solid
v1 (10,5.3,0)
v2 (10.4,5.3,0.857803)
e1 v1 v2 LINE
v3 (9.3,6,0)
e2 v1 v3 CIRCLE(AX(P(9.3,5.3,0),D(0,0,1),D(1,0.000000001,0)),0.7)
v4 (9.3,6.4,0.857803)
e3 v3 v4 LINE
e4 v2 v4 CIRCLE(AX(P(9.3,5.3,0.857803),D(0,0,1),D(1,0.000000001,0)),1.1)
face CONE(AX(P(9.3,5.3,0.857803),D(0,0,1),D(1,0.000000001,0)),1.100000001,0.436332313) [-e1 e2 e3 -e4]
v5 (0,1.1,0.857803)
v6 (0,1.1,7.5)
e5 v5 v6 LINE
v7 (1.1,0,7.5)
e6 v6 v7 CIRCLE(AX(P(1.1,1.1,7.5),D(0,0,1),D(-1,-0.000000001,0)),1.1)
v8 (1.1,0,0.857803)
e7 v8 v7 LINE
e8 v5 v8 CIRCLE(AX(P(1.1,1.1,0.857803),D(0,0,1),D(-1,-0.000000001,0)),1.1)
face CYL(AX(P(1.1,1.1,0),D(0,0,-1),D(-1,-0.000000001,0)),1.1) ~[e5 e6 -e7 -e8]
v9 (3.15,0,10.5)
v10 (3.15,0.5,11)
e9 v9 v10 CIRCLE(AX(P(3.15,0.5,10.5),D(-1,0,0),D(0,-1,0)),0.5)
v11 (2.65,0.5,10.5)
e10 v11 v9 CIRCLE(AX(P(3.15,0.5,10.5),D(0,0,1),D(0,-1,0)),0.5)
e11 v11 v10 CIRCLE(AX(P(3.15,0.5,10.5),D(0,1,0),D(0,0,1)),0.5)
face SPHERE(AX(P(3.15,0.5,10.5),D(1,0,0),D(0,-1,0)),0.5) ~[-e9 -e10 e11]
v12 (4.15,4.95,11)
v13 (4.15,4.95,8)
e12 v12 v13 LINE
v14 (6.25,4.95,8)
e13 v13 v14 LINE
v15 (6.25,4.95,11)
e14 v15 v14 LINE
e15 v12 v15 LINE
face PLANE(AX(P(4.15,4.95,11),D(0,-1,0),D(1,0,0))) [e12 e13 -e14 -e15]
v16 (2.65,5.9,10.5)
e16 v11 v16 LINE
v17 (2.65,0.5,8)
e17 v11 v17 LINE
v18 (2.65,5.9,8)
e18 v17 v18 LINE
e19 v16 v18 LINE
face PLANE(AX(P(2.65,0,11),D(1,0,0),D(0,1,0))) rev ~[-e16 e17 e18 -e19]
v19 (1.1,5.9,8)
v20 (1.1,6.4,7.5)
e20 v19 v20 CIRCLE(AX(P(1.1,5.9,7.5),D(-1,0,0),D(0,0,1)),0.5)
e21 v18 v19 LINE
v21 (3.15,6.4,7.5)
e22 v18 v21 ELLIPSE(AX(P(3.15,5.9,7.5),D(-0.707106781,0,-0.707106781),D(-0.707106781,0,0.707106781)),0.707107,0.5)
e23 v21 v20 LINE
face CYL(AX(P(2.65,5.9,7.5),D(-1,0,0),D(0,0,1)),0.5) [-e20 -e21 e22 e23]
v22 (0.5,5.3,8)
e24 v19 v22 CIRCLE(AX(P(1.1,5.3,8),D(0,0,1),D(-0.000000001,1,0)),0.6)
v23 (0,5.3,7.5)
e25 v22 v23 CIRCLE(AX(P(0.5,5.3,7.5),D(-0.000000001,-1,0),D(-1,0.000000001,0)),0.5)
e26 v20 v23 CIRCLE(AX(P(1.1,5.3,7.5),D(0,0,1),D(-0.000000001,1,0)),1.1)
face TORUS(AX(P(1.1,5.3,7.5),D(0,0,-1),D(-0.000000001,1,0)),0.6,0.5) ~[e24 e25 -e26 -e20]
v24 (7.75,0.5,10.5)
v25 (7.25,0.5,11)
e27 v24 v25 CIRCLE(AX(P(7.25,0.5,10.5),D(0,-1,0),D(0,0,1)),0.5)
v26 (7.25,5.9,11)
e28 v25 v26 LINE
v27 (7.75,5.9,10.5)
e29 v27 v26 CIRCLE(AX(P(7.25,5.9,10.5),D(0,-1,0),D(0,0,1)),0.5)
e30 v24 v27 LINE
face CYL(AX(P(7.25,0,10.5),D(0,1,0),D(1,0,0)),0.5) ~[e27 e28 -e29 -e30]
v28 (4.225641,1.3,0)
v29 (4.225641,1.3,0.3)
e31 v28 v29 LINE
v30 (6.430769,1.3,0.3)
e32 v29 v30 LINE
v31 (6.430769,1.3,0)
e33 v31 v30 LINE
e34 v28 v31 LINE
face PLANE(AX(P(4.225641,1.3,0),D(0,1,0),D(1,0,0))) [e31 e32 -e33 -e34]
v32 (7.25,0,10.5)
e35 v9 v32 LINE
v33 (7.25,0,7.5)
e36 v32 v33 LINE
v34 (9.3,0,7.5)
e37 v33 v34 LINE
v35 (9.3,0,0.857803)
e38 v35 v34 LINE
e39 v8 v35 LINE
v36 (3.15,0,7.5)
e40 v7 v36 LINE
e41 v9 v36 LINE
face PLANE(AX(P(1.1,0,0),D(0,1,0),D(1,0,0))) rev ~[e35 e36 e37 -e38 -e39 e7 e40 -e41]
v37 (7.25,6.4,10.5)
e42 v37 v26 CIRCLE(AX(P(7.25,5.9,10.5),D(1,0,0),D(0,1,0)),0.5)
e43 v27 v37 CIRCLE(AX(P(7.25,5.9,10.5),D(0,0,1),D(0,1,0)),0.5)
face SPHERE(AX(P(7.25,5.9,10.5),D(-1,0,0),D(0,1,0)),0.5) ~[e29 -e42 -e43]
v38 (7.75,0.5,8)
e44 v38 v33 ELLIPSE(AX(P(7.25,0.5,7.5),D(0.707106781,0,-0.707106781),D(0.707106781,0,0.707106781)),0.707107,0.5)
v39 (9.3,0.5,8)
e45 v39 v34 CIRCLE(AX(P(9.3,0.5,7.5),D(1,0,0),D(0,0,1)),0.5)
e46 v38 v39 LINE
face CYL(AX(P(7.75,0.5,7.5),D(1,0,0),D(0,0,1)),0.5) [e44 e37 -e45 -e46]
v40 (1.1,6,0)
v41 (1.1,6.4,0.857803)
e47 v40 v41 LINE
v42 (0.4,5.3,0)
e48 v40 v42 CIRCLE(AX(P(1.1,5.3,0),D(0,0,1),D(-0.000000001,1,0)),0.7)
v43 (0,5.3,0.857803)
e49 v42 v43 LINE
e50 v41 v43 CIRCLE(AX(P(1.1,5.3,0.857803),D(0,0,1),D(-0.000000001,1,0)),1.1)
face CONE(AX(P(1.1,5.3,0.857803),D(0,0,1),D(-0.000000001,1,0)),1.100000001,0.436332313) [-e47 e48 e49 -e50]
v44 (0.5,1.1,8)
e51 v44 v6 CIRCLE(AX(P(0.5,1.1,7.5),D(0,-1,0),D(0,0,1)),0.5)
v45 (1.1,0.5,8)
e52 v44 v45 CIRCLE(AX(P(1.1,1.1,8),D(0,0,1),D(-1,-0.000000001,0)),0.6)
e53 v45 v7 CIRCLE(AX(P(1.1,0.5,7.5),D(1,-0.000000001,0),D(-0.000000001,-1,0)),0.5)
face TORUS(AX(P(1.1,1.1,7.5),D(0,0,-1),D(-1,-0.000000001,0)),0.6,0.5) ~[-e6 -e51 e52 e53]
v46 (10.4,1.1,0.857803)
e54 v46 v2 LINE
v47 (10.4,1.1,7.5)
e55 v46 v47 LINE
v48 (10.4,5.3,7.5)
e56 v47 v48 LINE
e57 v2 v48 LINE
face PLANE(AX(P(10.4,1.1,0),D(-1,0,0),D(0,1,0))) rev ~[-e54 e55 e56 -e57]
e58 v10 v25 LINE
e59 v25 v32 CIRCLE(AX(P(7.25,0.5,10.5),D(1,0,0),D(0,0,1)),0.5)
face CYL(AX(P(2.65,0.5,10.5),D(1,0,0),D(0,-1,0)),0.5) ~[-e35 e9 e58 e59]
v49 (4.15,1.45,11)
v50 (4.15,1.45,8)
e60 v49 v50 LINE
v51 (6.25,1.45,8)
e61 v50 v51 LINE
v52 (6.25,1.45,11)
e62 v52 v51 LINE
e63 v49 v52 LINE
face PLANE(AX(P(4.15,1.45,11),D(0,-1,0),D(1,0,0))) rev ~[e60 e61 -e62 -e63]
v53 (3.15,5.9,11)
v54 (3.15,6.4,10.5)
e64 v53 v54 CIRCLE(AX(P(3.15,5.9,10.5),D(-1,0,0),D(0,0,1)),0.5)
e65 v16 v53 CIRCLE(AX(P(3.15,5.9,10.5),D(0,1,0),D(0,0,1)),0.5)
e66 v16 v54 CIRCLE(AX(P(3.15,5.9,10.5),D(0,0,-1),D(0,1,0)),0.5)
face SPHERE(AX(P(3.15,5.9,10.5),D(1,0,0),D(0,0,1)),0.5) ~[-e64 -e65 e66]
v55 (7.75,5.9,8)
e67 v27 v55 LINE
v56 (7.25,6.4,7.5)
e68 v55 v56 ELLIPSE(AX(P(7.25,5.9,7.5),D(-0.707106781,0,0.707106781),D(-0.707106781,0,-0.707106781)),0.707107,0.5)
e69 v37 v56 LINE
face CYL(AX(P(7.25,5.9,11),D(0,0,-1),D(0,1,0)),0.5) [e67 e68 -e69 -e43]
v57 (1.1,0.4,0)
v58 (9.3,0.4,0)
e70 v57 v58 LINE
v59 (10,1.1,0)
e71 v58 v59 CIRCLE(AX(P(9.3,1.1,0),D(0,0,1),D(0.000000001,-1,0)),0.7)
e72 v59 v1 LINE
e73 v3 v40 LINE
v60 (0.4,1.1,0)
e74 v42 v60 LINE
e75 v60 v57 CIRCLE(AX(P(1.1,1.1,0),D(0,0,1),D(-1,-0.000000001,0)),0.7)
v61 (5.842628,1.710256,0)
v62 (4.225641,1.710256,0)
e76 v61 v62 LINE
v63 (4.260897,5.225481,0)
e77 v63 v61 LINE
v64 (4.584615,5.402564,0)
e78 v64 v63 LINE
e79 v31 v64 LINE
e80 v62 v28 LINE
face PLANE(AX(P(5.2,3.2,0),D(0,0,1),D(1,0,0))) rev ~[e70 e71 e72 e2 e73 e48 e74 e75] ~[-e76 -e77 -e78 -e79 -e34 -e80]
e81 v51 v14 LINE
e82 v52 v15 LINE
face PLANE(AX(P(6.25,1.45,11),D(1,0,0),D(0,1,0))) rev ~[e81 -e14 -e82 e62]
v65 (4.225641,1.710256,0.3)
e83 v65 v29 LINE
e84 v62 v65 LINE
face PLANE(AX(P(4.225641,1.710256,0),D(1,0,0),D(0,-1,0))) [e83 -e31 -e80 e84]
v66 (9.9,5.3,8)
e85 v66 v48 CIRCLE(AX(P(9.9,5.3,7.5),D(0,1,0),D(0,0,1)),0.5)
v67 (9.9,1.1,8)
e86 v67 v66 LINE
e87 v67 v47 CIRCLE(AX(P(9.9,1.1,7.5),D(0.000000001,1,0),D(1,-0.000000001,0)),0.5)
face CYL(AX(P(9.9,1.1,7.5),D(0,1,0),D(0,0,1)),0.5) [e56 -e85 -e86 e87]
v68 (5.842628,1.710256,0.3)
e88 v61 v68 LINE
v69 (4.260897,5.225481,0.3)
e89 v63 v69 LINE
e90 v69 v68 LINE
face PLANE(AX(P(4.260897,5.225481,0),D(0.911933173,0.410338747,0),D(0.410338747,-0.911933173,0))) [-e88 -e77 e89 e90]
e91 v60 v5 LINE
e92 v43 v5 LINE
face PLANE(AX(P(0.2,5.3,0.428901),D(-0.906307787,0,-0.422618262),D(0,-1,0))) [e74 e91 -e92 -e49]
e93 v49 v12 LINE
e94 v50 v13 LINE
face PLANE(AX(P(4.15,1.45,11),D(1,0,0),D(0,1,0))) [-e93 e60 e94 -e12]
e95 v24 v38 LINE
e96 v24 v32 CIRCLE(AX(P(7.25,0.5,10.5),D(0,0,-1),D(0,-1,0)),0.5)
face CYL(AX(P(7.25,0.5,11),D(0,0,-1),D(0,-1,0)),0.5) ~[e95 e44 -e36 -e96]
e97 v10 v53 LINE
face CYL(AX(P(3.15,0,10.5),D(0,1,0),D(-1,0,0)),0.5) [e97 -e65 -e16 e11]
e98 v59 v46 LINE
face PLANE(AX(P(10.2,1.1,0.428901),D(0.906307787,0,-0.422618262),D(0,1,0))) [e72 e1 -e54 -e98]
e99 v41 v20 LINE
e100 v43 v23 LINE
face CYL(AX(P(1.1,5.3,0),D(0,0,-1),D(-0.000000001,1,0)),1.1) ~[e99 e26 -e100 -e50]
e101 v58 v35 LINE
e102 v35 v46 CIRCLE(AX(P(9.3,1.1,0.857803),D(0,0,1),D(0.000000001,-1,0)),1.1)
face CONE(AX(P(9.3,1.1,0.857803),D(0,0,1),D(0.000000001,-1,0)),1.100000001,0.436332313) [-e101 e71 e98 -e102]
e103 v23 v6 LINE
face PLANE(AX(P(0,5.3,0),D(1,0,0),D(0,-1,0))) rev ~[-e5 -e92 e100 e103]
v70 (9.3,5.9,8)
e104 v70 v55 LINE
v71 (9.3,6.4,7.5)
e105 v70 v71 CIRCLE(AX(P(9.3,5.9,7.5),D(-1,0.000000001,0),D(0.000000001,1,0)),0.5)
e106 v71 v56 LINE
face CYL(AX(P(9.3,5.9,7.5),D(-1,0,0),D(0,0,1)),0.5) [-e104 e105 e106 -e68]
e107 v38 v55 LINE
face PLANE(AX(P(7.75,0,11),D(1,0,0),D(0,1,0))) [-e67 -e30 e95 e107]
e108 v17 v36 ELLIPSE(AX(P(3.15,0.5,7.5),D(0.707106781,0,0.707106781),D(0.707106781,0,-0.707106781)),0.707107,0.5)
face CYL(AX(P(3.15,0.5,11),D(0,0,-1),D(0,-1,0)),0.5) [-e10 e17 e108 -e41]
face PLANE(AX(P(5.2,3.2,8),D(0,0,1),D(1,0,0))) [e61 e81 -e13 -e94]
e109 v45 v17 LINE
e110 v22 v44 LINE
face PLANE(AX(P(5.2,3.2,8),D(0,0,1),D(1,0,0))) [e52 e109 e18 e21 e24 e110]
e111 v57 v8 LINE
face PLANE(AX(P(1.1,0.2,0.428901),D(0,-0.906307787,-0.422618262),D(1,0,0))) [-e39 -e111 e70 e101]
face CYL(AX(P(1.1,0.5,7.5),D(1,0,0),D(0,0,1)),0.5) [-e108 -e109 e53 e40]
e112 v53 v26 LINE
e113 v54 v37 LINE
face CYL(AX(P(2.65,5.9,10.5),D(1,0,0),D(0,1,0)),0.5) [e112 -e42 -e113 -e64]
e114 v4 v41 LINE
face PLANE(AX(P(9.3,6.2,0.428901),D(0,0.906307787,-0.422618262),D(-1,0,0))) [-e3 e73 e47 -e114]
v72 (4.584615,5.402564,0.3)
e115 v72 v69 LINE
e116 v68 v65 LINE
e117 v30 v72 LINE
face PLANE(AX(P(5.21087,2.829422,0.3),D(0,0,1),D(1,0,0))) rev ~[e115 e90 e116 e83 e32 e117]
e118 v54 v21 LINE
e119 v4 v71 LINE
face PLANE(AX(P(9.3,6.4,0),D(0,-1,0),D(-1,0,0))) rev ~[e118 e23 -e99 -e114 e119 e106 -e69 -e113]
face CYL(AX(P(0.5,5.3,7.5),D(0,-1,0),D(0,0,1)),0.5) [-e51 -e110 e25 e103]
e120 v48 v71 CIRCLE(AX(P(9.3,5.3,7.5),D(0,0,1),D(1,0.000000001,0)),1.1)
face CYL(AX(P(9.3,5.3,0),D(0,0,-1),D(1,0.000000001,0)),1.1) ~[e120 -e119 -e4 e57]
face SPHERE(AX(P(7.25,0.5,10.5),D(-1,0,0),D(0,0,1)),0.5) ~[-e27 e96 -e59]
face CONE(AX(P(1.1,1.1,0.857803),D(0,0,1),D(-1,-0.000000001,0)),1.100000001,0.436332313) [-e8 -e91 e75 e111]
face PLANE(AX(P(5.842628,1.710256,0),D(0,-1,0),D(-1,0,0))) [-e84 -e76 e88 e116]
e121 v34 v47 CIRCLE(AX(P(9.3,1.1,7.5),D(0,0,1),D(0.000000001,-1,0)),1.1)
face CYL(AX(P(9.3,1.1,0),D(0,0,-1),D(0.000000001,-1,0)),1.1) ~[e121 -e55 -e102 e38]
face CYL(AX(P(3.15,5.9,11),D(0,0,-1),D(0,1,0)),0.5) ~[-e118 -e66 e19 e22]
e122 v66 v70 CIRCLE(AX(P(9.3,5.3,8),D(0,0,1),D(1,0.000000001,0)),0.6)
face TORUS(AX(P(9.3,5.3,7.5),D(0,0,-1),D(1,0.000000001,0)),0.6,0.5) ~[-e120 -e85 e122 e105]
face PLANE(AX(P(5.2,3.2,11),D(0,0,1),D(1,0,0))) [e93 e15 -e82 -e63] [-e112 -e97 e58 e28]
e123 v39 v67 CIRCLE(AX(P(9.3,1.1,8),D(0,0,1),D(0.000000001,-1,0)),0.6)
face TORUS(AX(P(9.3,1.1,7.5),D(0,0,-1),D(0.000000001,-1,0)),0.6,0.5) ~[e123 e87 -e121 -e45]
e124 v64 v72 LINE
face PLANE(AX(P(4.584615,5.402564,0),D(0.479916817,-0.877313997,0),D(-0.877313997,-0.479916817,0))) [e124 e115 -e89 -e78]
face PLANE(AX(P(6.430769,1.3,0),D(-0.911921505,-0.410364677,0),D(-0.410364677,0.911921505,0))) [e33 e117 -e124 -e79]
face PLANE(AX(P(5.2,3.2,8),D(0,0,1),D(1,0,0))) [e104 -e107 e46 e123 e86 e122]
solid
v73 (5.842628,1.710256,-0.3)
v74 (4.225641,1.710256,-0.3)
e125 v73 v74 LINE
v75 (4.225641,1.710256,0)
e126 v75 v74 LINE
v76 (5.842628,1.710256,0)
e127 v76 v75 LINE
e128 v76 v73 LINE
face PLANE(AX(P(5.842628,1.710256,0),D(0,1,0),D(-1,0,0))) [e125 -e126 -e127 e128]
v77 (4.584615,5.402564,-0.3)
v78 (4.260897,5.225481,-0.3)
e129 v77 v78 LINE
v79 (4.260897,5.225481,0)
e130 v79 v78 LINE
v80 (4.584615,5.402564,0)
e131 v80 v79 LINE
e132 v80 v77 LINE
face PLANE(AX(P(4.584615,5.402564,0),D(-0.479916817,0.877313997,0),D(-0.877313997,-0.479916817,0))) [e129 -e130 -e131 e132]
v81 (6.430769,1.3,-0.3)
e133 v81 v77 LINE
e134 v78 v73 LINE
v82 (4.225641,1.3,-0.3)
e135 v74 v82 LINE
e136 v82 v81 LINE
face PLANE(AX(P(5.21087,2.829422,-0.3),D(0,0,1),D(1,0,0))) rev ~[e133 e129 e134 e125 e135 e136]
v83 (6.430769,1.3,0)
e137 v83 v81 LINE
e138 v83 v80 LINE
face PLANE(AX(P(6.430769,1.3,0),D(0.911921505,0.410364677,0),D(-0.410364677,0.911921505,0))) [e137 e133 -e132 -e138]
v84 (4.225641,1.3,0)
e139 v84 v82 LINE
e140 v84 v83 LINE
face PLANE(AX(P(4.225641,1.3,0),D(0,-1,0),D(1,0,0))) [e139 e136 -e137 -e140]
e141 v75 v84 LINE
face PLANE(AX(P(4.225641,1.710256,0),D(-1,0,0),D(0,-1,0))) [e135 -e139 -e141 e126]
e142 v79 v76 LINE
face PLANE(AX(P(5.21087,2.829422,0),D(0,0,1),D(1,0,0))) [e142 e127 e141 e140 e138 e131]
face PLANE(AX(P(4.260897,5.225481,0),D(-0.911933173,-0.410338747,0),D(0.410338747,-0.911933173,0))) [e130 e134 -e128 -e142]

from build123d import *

# Parameters (mm, degrees)
BOSS_EXTRU_1_DEPTH      = 11
ESQUISSE3_W             = 2.1
ESQUISSE3_H             = 3.5
ENL_V_MAT_EXTRU_1_DEPTH = 3
ESQUISSE4_OUTSIDE_W     = 15.688
ESQUISSE4_OUTSIDE_H     = 11.688
ESQUISSE4_OUTSIDE_W_2   = 5.1
ESQUISSE4_OUTSIDE_H_2   = 6.4
ENL_V_MAT_EXTRU_2_DEPTH = 3
CONG_1_R                = 0.5
CHANFREIN1_SIZE         = 0.4
CHANFREIN1_SIZE2        = 0.857802768
ENL_V_MAT_EXTRU_3_DEPTH = 0.3
BOSS_EXTRU_2_DEPTH      = 0.3


with BuildPart() as part:
    # Esquisse2 → Boss.-Extru.1 (new body)
    with BuildSketch(Plane.XY):
        with BuildLine():
            Line((1.1, 0), (9.3, 0))
            ThreePointArc((9.3, 0), (10.077817459, 0.322182541), (10.4, 1.1))
            Line((10.4, 1.1), (10.4, 5.3))
            ThreePointArc((10.4, 5.3), (10.077817459, 6.077817459), (9.3, 6.4))
            Line((9.3, 6.4), (1.1, 6.4))
            ThreePointArc((1.1, 6.4), (0.322182541, 6.077817459), (0, 5.3))
            Line((0, 5.3), (0, 1.1))
            ThreePointArc((0, 1.1), (0.322182541, 0.322182541), (1.1, 0))
        make_face()
    extrude(amount=BOSS_EXTRU_1_DEPTH)

    # Esquisse3 → Enlèv. mat.-Extru.1 (cut)
    with BuildSketch(Plane.XY.offset(11)):
        with Locations((5.2, 3.2)):
            Rectangle(ESQUISSE3_W, ESQUISSE3_H)
    extrude(amount=-ENL_V_MAT_EXTRU_1_DEPTH, mode=Mode.SUBTRACT)

    # Esquisse4 outside → Enlèv. mat.-Extru.2 (cut)
    with BuildSketch(Plane.XY.offset(11)):
        with Locations((5.2, 3.2)):
            Rectangle(ESQUISSE4_OUTSIDE_W, ESQUISSE4_OUTSIDE_H)
        with Locations((5.2, 3.2)):
            Rectangle(ESQUISSE4_OUTSIDE_W_2, ESQUISSE4_OUTSIDE_H_2, mode=Mode.SUBTRACT)
    extrude(amount=-ENL_V_MAT_EXTRU_2_DEPTH, mode=Mode.SUBTRACT)

    # Congé1
    cong_1_edges = [part.edges().sort_by_distance(p)[0] for p in [
        (5.2, 6.4, 11),
        (5.2, 0, 11),
        (10.4, 3.2, 8),
        (1.875, 6.4, 8),
        (0.322182541, 6.077817459, 8),
        (0, 3.2, 8),
        (0.322182541, 0.322182541, 8),
        (1.875, 0, 8),
        (8.525, 0, 8),
        (10.077817459, 0.322182541, 8),
        (10.077817459, 6.077817459, 8),
        (8.525, 6.4, 8),
        (7.75, 6.4, 9.5),
        (7.75, 3.2, 11),
        (7.75, 0, 9.5),
        (2.65, 0, 9.5),
        (2.65, 3.2, 11),
        (2.65, 6.4, 9.5),
    ]]
    fillet(cong_1_edges, radius=CONG_1_R)

    # Chanfrein1
    chanfrein1_edges = [part.edges().sort_by_distance(p)[0] for p in [
        (5.2, 6.4, 0),
        (10.077817459, 6.077817459, 0),
        (10.4, 3.2, 0),
        (10.077817459, 0.322182541, 0),
        (5.2, 0, 0),
        (0.322182541, 0.322182541, 0),
        (0, 3.2, 0),
        (0.322182541, 6.077817459, 0),
    ]]
    chanfrein1_side = [part.faces().sort_by_distance(p)[0] for p in [
        (5.2, 3.2, 0),
    ]]
    chamfer(chanfrein1_edges, length=CHANFREIN1_SIZE, length2=CHANFREIN1_SIZE2, reference=chanfrein1_side[0])

    # Esquisse5 → Enlèv. mat.-Extru.3 (cut)
    with BuildSketch(Plane(origin=(0, 0, 0), x_dir=(-1, 0, 0), z_dir=(0, 0, -1))):
        Polygon((-4.225641026, 1.3), (-6.430769231, 1.3), (-4.584615385, 5.402564103), (-4.260897436, 5.225480769), (-5.842628205, 1.71025641), (-4.225641026, 1.71025641), align=None)
    extrude(amount=-ENL_V_MAT_EXTRU_3_DEPTH, mode=Mode.SUBTRACT)


with BuildPart() as body_2:
    # Esquisse5<2> → Boss.-Extru.2 (new body)
    with BuildSketch(Plane(origin=(0, 0, 0), x_dir=(-1, 0, 0), z_dir=(0, 0, -1))):
        Polygon((-4.225641026, 1.3), (-6.430769231, 1.3), (-4.584615385, 5.402564103), (-4.260897436, 5.225480769), (-5.842628205, 1.71025641), (-4.225641026, 1.71025641), align=None)
    extrude(amount=BOSS_EXTRU_2_DEPTH)


solid = Compound([part.part, body_2.part])
